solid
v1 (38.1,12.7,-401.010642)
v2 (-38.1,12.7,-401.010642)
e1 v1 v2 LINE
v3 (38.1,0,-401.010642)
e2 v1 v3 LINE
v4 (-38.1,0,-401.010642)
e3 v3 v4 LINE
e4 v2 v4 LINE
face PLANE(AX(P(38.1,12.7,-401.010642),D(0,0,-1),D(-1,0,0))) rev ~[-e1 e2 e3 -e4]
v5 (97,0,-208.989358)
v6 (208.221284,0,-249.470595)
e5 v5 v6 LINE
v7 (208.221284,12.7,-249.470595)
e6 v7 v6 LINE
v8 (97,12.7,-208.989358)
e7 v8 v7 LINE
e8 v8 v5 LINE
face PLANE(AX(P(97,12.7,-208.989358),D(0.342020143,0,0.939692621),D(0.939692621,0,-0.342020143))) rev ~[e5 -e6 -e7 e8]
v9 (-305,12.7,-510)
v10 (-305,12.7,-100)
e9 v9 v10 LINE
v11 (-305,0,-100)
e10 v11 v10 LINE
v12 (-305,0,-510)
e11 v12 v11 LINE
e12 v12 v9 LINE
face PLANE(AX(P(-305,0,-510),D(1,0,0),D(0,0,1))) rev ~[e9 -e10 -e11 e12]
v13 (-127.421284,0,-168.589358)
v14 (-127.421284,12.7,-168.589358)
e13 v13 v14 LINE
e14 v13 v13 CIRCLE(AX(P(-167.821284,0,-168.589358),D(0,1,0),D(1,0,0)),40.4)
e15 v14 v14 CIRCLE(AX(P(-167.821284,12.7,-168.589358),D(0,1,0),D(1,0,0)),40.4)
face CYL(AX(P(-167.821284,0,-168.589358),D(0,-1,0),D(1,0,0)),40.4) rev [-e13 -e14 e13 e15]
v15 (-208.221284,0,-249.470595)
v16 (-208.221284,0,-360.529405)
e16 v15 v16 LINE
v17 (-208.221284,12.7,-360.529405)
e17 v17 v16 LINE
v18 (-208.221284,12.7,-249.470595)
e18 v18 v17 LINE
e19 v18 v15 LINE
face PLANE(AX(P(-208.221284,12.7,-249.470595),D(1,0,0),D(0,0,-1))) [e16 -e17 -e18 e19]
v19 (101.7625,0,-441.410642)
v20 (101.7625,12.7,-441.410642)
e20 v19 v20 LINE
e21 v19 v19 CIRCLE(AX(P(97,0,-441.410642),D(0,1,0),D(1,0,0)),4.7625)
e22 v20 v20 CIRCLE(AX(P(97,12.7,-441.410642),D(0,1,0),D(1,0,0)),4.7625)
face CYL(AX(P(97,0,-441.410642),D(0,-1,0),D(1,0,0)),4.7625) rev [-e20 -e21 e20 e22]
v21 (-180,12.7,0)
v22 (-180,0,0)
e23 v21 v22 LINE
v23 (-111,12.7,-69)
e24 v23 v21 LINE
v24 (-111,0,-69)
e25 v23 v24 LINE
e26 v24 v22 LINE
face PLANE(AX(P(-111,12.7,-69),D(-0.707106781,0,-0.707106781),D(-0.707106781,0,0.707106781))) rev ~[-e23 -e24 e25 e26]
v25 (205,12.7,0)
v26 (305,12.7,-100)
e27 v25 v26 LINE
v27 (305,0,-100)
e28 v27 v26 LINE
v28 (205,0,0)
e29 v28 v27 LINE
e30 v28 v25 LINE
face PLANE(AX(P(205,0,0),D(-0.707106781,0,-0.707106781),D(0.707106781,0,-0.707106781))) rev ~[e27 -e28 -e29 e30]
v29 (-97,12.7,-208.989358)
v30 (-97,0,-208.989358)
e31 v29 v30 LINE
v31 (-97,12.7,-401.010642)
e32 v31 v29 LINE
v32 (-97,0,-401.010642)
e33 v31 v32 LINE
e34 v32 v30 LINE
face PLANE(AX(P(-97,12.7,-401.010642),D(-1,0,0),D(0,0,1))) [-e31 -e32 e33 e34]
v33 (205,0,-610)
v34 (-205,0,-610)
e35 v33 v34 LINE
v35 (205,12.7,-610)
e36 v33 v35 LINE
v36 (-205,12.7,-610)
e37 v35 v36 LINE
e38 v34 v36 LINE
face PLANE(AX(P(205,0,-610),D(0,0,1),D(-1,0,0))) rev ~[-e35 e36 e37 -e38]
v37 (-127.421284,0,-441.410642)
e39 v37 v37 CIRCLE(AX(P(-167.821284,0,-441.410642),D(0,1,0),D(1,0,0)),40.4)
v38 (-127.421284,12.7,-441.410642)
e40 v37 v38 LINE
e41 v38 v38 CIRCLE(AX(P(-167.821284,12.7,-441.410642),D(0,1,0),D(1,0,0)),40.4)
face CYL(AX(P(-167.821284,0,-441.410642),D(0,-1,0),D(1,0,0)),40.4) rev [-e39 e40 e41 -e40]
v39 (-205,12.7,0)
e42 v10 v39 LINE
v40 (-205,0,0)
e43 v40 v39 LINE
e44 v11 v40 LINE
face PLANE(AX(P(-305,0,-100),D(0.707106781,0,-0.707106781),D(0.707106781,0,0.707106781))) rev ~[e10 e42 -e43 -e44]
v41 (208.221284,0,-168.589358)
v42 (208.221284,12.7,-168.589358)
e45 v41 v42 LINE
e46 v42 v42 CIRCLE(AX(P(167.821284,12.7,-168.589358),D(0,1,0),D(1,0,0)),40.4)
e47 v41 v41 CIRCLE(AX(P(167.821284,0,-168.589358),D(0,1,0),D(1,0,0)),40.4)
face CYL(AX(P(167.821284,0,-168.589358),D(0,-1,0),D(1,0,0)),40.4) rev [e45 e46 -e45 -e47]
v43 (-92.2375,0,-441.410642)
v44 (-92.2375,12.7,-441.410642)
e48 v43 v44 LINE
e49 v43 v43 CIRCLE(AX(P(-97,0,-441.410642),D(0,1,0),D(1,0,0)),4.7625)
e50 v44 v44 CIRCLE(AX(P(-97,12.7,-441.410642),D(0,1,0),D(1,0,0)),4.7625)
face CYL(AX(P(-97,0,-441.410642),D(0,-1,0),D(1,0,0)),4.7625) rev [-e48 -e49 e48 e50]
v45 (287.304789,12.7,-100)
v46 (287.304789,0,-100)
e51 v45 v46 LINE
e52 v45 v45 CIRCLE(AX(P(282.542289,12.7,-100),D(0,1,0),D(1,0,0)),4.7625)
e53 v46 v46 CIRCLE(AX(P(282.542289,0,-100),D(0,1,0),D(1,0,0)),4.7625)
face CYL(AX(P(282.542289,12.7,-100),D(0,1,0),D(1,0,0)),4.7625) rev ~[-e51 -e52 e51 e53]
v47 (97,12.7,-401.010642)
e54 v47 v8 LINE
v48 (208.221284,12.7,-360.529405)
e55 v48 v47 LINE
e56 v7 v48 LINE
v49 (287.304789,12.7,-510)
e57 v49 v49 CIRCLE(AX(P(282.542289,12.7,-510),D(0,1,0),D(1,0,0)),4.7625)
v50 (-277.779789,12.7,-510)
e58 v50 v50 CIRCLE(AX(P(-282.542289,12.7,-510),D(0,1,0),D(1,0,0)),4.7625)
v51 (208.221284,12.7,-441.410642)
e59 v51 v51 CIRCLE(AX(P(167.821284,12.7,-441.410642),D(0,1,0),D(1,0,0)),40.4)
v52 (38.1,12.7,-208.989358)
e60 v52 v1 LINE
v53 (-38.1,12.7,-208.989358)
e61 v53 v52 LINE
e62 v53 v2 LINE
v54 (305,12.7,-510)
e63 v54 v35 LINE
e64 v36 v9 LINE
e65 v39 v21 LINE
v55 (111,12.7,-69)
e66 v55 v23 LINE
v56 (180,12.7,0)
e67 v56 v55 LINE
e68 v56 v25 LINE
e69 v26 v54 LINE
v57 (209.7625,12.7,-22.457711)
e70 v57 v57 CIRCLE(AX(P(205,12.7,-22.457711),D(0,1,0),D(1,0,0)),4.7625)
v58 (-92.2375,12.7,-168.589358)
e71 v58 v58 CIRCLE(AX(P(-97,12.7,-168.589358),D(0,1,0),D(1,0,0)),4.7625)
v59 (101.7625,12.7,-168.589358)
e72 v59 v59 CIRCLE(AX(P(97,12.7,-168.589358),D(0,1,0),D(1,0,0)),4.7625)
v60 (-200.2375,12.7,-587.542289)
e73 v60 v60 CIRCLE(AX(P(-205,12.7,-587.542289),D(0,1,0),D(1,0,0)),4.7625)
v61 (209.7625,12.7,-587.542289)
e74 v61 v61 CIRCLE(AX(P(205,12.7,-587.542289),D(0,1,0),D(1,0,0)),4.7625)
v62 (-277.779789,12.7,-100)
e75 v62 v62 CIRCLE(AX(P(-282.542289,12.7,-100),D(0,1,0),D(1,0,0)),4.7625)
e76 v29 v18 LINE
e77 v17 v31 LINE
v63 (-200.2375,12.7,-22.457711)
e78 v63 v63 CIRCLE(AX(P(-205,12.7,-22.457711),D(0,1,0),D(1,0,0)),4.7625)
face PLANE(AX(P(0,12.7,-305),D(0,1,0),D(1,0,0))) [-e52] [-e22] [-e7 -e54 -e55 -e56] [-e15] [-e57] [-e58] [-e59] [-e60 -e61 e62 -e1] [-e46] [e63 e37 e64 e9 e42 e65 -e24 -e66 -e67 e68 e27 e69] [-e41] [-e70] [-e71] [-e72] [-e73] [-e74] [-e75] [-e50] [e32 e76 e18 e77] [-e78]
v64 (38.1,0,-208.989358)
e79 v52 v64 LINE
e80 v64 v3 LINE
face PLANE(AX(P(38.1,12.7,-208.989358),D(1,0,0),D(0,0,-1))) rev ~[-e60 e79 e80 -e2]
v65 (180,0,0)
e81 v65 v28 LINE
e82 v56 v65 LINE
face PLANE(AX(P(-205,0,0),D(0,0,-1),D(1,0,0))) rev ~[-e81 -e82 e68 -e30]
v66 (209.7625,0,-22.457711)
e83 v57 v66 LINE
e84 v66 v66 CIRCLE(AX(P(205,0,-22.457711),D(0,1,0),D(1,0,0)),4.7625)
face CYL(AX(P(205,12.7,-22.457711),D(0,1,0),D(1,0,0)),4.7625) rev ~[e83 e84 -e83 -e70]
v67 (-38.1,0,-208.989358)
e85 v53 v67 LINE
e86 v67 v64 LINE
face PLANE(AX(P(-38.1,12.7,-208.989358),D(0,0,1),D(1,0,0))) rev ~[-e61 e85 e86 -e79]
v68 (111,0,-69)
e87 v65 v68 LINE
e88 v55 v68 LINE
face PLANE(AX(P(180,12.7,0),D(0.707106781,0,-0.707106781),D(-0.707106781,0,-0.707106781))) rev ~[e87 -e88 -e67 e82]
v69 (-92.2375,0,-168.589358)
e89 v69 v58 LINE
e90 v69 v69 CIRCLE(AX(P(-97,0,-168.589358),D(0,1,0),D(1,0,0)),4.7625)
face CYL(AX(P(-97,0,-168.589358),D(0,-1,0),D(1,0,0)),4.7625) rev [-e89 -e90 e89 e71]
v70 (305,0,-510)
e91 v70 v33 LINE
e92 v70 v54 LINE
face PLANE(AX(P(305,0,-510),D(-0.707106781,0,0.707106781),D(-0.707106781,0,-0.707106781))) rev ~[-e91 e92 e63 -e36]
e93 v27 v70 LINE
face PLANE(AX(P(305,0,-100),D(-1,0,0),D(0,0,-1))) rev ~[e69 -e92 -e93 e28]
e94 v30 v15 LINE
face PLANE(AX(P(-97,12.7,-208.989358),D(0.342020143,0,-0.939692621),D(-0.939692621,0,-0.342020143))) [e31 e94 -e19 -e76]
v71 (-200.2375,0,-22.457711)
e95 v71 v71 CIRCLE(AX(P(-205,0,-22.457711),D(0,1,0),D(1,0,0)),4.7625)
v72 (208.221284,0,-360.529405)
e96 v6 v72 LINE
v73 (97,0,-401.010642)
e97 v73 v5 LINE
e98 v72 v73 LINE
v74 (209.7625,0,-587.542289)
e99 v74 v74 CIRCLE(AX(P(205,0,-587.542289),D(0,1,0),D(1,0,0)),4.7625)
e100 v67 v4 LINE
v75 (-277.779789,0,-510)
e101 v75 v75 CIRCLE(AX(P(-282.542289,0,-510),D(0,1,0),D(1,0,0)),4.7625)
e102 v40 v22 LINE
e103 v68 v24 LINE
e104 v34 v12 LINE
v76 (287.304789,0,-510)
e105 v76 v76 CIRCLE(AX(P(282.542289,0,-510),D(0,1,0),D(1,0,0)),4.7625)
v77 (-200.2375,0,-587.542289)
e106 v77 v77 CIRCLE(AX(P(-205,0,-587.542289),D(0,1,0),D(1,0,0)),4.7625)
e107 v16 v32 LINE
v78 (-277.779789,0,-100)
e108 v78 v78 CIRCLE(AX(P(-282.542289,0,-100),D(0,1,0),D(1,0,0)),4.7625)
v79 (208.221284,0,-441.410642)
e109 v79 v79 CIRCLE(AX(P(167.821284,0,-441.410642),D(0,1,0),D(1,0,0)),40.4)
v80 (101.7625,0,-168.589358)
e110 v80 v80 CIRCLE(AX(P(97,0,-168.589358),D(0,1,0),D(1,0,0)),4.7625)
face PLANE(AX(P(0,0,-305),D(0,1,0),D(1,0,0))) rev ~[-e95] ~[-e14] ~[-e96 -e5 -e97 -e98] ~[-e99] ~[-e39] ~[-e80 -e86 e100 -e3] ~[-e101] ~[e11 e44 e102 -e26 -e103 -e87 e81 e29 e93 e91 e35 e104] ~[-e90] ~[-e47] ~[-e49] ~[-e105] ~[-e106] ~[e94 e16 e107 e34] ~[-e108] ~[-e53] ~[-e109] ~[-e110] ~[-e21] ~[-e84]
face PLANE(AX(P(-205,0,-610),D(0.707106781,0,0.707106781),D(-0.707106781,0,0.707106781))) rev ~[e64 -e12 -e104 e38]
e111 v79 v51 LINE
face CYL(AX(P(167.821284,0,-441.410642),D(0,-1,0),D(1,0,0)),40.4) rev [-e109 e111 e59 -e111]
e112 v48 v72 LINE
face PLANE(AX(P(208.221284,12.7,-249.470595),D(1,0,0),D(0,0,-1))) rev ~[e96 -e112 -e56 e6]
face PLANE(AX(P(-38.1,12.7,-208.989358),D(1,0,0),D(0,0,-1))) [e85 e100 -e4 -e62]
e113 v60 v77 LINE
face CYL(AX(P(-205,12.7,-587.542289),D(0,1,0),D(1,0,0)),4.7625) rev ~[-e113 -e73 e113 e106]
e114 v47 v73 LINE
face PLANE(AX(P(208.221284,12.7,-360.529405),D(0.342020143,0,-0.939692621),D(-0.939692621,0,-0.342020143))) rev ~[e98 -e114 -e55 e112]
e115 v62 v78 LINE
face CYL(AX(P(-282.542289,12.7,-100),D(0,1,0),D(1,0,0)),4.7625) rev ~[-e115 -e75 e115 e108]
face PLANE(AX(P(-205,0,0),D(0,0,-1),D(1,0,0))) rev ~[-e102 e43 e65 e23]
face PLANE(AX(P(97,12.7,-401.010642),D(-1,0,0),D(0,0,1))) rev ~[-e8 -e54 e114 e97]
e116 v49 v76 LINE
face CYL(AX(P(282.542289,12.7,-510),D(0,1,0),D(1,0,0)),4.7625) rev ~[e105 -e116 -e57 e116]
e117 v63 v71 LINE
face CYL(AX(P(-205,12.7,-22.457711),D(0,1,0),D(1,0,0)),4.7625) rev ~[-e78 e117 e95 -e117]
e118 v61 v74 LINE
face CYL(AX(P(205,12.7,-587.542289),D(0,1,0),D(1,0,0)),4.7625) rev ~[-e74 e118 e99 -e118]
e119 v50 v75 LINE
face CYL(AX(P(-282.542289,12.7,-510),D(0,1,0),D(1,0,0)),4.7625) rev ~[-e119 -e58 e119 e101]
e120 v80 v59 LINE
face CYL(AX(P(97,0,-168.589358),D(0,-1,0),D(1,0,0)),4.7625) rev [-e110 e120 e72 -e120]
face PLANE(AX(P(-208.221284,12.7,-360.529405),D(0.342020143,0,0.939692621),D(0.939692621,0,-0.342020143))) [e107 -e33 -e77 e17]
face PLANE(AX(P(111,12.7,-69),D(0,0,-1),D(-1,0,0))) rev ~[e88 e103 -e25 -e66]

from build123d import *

# Parameters (mm, degrees)
SKETCH1_R           = 40.4
SKETCH1_R_2         = 4.7625
BOSS_EXTRUDE1_DEPTH = 12.7
CUT_EXTRUDE1_DEPTH  = 5000
SKETCH3_R           = 4.7625
CUT_EXTRUDE2_DEPTH  = 5000
CUT_EXTRUDE3_DEPTH  = 20
SKETCH5_W           = 38.1
SKETCH5_H           = 192.02128445
CUT_EXTRUDE4_DEPTH  = 78.232


with BuildPart() as part:
    # Sketch1 → Boss-Extrude1 (new body)
    with BuildSketch(Plane(origin=(0, 0, 0), x_dir=(1, 0, 0), z_dir=(0, 1, 0))):
        Polygon((205, 0), (305, 100), (305, 510), (205, 610), (-205, 610), (-305, 510), (-305, 100), (-205, 0), align=None)
        with Locations((-167.82128445, 168.589357775)):
            Circle(SKETCH1_R, mode=Mode.SUBTRACT)
        with Locations((-97, 168.589357775)):
            Circle(SKETCH1_R_2, mode=Mode.SUBTRACT)
        with Locations((97, 168.589357775)):
            Circle(SKETCH1_R_2, mode=Mode.SUBTRACT)
        with Locations((167.82128445, 168.589357775)):
            Circle(SKETCH1_R, mode=Mode.SUBTRACT)
        with Locations((-167.82128445, 441.410642225)):
            Circle(SKETCH1_R, mode=Mode.SUBTRACT)
        with Locations((-97, 441.410642225)):
            Circle(SKETCH1_R_2, mode=Mode.SUBTRACT)
        with Locations((97, 441.410642225)):
            Circle(SKETCH1_R_2, mode=Mode.SUBTRACT)
        with Locations((167.82128445, 441.410642225)):
            Circle(SKETCH1_R, mode=Mode.SUBTRACT)
    extrude(amount=BOSS_EXTRUDE1_DEPTH)

    # Sketch2 → Cut-Extrude1 (cut)
    with BuildSketch(Plane(origin=(0, 12.7, 0), x_dir=(1, 0, 0), z_dir=(0, 1, 0))):
        Polygon((-111, 69), (-180, 0), (180, 0), (111, 69), align=None)
    extrude(amount=-CUT_EXTRUDE1_DEPTH, mode=Mode.SUBTRACT)

    # Sketch3 → Cut-Extrude2 (cut)
    with BuildSketch(Plane(origin=(0, 12.7, 0), x_dir=(1, 0, 0), z_dir=(0, 1, 0))):
        with Locations((-205, 22.45771137)):
            Circle(SKETCH3_R)
        with Locations((205, 22.45771137)):
            Circle(SKETCH3_R)
        with Locations((-282.54228863, 100)):
            Circle(SKETCH3_R)
        with Locations((282.54228863, 100)):
            Circle(SKETCH3_R)
        with Locations((282.54228863, 510)):
            Circle(SKETCH3_R)
        with Locations((205, 587.54228863)):
            Circle(SKETCH3_R)
        with Locations((-205, 587.54228863)):
            Circle(SKETCH3_R)
        with Locations((-282.54228863, 510)):
            Circle(SKETCH3_R)
    extrude(amount=-CUT_EXTRUDE2_DEPTH, mode=Mode.SUBTRACT)

    # Sketch4 → Cut-Extrude3 (cut)
    with BuildSketch(Plane(origin=(0, 12.7, 0), x_dir=(1, 0, 0), z_dir=(0, 1, 0))):
        Polygon((-208.22128445, 360.529405268), (-97, 401.010642225), (-97, 208.989357775), (-208.22128445, 249.470594732), align=None)
        Polygon((208.22128445, 249.470594732), (208.22128445, 360.529405268), (97, 401.010642225), (97, 208.989357775), align=None)
    extrude(amount=-CUT_EXTRUDE3_DEPTH, mode=Mode.SUBTRACT)

    # Sketch5 → Cut-Extrude4 (cut)
    with BuildSketch(Plane(origin=(0, 12.7, 0), x_dir=(1, 0, 0), z_dir=(0, 1, 0))):
        with Locations((-19.05, 305)):
            Rectangle(SKETCH5_W, SKETCH5_H)
        with Locations((19.05, 305)):
            Rectangle(SKETCH5_W, SKETCH5_H)
    extrude(amount=-CUT_EXTRUDE4_DEPTH, mode=Mode.SUBTRACT)


solid = part.part
